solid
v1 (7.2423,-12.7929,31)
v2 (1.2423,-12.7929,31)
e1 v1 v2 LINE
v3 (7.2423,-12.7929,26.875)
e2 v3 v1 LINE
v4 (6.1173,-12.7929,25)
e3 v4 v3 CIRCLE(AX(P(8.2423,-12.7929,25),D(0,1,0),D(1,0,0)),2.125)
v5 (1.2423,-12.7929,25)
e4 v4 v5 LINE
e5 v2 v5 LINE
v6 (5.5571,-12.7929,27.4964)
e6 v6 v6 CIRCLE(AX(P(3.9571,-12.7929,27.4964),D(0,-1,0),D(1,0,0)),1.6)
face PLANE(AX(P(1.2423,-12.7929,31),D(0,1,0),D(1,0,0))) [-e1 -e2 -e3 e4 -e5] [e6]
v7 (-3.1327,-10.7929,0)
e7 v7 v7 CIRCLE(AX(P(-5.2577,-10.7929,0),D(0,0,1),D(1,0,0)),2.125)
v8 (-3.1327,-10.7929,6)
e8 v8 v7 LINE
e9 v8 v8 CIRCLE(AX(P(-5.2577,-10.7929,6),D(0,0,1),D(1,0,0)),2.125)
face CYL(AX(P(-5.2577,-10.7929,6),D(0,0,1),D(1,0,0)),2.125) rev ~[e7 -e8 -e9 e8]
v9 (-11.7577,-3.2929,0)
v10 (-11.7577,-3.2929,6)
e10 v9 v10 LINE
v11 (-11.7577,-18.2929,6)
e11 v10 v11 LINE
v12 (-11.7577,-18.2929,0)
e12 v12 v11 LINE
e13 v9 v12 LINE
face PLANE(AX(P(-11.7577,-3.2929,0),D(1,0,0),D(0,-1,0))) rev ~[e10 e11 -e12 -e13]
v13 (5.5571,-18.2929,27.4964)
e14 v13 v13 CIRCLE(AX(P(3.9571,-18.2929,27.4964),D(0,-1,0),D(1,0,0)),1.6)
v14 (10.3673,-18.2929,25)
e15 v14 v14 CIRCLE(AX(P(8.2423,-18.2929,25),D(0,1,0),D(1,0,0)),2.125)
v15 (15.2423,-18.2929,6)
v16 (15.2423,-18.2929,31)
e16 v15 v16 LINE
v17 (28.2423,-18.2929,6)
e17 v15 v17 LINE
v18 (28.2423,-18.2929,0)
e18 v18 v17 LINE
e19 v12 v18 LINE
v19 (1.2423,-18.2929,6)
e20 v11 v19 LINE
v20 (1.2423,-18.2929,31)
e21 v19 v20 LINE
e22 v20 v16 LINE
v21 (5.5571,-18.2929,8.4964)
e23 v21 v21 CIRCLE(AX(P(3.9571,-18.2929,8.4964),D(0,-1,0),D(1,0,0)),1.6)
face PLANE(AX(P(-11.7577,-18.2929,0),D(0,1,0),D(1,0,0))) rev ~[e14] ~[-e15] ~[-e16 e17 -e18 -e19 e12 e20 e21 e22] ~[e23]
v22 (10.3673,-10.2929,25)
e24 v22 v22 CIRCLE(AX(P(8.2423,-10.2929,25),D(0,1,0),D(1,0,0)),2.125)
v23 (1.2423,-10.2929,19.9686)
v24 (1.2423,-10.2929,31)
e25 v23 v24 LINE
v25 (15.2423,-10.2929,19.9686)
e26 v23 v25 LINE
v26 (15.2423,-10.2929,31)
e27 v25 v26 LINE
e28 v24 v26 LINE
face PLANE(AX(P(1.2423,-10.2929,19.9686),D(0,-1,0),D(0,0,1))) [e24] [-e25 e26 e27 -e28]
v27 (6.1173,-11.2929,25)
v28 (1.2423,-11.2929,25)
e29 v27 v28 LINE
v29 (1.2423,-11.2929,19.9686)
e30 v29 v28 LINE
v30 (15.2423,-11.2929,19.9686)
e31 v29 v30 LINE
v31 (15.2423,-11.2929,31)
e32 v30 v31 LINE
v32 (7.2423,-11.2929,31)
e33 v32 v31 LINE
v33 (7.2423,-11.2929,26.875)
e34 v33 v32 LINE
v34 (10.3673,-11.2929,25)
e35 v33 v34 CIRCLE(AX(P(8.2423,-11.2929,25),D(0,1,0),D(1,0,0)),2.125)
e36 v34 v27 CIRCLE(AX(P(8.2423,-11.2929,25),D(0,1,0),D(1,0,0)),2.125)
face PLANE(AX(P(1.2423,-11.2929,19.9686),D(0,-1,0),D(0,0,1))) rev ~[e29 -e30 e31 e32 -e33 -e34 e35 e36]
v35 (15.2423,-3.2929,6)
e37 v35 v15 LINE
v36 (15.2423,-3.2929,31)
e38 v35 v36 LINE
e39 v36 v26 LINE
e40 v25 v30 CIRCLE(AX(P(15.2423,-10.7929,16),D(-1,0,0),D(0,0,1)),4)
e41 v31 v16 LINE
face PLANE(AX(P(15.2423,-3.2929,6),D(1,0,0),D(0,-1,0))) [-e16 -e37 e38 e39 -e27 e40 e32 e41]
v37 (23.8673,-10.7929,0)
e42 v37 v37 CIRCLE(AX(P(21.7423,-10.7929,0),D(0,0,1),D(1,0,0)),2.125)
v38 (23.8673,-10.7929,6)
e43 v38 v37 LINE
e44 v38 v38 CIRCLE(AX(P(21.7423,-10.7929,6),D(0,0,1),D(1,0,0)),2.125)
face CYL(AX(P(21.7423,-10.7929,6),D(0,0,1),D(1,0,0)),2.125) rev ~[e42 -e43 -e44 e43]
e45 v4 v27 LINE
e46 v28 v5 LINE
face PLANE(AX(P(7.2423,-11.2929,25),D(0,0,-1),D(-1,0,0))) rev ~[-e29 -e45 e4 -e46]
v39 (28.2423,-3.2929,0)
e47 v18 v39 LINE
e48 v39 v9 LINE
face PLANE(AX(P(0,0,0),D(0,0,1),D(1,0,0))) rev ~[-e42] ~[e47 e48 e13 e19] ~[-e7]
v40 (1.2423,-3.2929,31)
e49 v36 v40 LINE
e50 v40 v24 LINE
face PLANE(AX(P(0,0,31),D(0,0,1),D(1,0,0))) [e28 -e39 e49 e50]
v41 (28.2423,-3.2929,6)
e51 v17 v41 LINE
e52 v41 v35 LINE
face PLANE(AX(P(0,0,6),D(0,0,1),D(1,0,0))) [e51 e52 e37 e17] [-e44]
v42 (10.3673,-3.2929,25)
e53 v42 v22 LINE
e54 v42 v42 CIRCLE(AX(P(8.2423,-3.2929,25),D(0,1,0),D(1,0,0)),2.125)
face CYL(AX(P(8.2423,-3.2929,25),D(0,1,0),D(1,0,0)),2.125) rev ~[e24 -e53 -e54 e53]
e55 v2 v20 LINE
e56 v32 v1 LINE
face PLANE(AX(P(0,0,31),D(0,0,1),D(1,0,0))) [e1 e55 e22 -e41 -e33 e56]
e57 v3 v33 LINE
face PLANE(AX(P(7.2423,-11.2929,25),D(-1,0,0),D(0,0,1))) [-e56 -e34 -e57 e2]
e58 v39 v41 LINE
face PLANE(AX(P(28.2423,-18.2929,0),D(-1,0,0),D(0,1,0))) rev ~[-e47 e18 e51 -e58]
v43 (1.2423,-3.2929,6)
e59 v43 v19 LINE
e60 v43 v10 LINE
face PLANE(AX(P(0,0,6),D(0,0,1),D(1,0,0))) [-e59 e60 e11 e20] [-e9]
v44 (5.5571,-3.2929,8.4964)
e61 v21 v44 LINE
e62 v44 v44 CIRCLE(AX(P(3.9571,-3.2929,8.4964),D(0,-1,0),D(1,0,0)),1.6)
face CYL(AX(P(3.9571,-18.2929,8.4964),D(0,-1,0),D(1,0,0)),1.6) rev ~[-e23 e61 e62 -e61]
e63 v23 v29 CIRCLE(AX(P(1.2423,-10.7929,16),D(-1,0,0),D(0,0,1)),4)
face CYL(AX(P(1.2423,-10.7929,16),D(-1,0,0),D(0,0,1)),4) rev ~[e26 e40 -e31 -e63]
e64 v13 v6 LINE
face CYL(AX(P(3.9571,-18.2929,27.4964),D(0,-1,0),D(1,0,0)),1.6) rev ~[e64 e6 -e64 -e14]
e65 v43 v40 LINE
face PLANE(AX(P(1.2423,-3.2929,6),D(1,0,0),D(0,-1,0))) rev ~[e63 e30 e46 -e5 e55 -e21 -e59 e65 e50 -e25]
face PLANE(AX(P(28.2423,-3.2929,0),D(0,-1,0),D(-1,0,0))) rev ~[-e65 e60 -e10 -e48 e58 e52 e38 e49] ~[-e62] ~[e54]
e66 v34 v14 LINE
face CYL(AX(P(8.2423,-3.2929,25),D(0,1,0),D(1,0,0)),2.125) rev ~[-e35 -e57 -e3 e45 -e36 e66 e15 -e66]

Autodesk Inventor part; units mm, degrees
ref_plane "YZ Plane" through (0, 0, 0) normal (1, 0, 0) x (0, 1, 0)
ref_plane "XZ Plane" through (0, 0, 0) normal (0, 1, 0) x (-1, 0, 0)
ref_plane "XY Plane" through (0, 0, 0) normal (0, 0, 1) x (1, 0, 0)
sketch "Sketch1" plane through (0, 0, 0) normal (0, 0, 1) x (1, 0, 0)
  line L0 (-11.7577, -18.2929) -> (28.2423, -18.2929)
  line L1 (28.2423, -18.2929) -> (28.2423, -3.2929)
  line L2 (28.2423, -3.2929) -> (-11.7577, -3.2929)
  line L3 (-11.7577, -3.2929) -> (-11.7577, -18.2929)
  point P0 (0, 0)
  dimension "d0" = 40
  dimension "d1" = 15
extrude "Extrusion1" add sketch "Sketch1" along normal blind 6
sketch "Sketch2" plane through (0, 0, 6) normal (0, 0, 1) x (1, 0, 0)
  line L0 (28.2423, -3.2929) -> (-11.7577, -3.2929) projected
  line L1 (15.2423, -3.2929) -> (15.2423, -18.2929)
  line L2 (1.2423, -3.2929) -> (1.2423, -18.2929)
  line L3 (-11.7577, -18.2929) -> (28.2423, -18.2929) projected
  line L4 (15.2423, -6.7382) -> (28.2423, -6.7382) construction
  line L5 (28.2423, -18.2929) -> (28.2423, -3.2929) projected
  line L6 (1.2423, -6.7382) -> (-11.7577, -6.7382) construction
  line L7 (-11.7577, -3.2929) -> (-11.7577, -18.2929) projected
  point P0 (0, 0)
  dimension "d4" = 14
extrude "Extrusion2" add sketch "Sketch2" along normal blind 25 contours L1 L3 L2 L0
sketch "Sketch4" plane through (0, 0, 6) normal (0, 0, 1) x (1, 0, 0)
  circle A0 centre (21.7423, -10.7929) radius 2.125
  line L0 (21.7423, -10.7929) -> (21.7423, -3.2929) construction
  line L1 (21.7423, -10.7929) -> (21.7423, -18.2929) construction
  line L2 (15.2423, -18.2929) -> (28.2423, -18.2929) projected
  line L3 (21.7423, -10.7929) -> (28.2423, -10.7929) construction
  line L4 (21.7423, -10.7929) -> (15.2423, -10.7929) construction
  line L5 (15.2423, -18.2929) -> (15.2423, -3.2929) projected
  line L6 (28.2423, -3.2929) -> (15.2423, -3.2929) projected
  line L7 (28.2423, -18.2929) -> (28.2423, -3.2929) projected
  circle A1 centre (-5.2577, -10.7929) radius 2.125
  line L8 (-5.2577, -10.7929) -> (-5.2577, -3.2929) construction
  line L9 (-5.2577, -10.7929) -> (-11.7577, -10.7929) construction
  line L10 (-11.7577, -3.2929) -> (-11.7577, -18.2929) projected
  line L11 (-5.2577, -10.7929) -> (-5.2577, -18.2929) construction
  line L12 (-5.2577, -10.7929) -> (1.2423, -10.7929) construction
  line L13 (1.2423, -3.2929) -> (1.2423, -18.2929) projected
  point P0 (0, 0)
  dimension "d12" = 4.25
  dimension "d13" = 4.25
extrude "Extrusion4" cut sketch "Sketch4" against normal up to next contours A0 | A1
sketch "Sketch5" plane through (1.2423, -18.2929, 6) normal (-1, 0, 0) x (0, 0, 1)
  circle A0 centre (10, 7.5) radius 4
  line L0 (10, 7.5) -> (10, 15) construction
  line L1 (10, 7.5) -> (10, 0) construction
  line L2 (-6, 15) -> (-6, 0) projected
  line L3 (13.9686, 7) -> (25, 7)
  line L4 (13.9686, 8) -> (25, 8)
  line L5 (25, 15) -> (25, 0) projected
  line L6 (27.4068, 8) -> (27.4068, 15) construction
  line L7 (27.4068, 7) -> (27.4068, 0) construction
  line L8 (0, 0) -> (25, 0) projected
  line L9 (0, 15) -> (25, 15) projected
  line L10 (10, 7.5) -> (10, 0) construction
  line L11 (0, 0) -> (25, 0) projected
  point P0 (-6, 18.2929)
  dimension "d16" = 8
  dimension "d17" = 16
  dimension "d18" = 1
extrude "Extrusion5" cut sketch "Sketch5" against normal up to next
sketch "Sketch6" plane through (-11.7577, -3.2929, 0) normal (0, 1, 0) x (1, 0, 0)
  circle A0 centre (20, -25) radius 2.125
  line L0 (27, -31) -> (13, -31) projected
  line L1 (20, -25) -> (27, -25) construction
  line L2 (20, -25) -> (13, -25) construction
  line L3 (27, -6) -> (27, -31) projected
  line L4 (13, -6) -> (13, -31) projected
  point P0 (11.7577, 0)
  dimension "d21" = 4.25
  dimension "d22" = 6
extrude "Extrusion6" cut sketch "Sketch6" against normal through all
sketch "Sketch7" plane through (-11.7577, -18.2929, 0) normal (0, -1, 0) x (1, 0, 0)
  circle A0 centre (20, 25) radius 2.125 projected
  circle A1 centre (20, 25) radius 5
  point P0 (11.7577, 0)
  dimension "d25" = 10
sketch "Sketch8" plane through (-11.7577, -18.2929, 0) normal (0, -1, 0) x (1, 0, 0)
  circle A0 centre (15.7148, 27.4964) radius 1.6 projected
  circle A1 centre (15.7148, 8.4964) radius 1.6 projected
  circle A2 centre (15.7148, 27.4964) radius 1.6
  circle A3 centre (15.7148, 8.4964) radius 1.6
  point P0 (11.7577, 0)
extrude "Extrusion8" cut sketch "Sketch8" against normal up to next contours A0
extrude "Extrusion9" cut sketch "Sketch8" against normal up to surface (15 mm away) contours A1
sketch "Sketch9" plane through (0, 0, 31) normal (0, 0, 1) x (1, 0, 0)
  point P0 (0, 0)
sketch "Sketch10" plane through (1.2423, -11.2929, 31) normal (0, 1, 0) x (1, 0, 0)
  line L0 (6, 6) -> (6, 0)
  line L1 (14, 0) -> (0, 0) projected
  line L2 (6, 0) -> (0, 0)
  line L3 (0, 11.0314) -> (14, 11.0314) projected
  line L4 (0, 11.0314) -> (0, 19) projected
  line L5 (6, 6) -> (0, 6)
  line L6 (0, 0) -> (0, 11.0314) projected
  line L7 (0, 0) -> (0, 6)
  point P0 (-1.2423, 31)
  dimension "d32" = 6
  dimension "d35" = 6
extrude "Extrusion10" cut sketch "Sketch10" against normal blind 1.5
properties part number "YRodClampWithEndstop"
